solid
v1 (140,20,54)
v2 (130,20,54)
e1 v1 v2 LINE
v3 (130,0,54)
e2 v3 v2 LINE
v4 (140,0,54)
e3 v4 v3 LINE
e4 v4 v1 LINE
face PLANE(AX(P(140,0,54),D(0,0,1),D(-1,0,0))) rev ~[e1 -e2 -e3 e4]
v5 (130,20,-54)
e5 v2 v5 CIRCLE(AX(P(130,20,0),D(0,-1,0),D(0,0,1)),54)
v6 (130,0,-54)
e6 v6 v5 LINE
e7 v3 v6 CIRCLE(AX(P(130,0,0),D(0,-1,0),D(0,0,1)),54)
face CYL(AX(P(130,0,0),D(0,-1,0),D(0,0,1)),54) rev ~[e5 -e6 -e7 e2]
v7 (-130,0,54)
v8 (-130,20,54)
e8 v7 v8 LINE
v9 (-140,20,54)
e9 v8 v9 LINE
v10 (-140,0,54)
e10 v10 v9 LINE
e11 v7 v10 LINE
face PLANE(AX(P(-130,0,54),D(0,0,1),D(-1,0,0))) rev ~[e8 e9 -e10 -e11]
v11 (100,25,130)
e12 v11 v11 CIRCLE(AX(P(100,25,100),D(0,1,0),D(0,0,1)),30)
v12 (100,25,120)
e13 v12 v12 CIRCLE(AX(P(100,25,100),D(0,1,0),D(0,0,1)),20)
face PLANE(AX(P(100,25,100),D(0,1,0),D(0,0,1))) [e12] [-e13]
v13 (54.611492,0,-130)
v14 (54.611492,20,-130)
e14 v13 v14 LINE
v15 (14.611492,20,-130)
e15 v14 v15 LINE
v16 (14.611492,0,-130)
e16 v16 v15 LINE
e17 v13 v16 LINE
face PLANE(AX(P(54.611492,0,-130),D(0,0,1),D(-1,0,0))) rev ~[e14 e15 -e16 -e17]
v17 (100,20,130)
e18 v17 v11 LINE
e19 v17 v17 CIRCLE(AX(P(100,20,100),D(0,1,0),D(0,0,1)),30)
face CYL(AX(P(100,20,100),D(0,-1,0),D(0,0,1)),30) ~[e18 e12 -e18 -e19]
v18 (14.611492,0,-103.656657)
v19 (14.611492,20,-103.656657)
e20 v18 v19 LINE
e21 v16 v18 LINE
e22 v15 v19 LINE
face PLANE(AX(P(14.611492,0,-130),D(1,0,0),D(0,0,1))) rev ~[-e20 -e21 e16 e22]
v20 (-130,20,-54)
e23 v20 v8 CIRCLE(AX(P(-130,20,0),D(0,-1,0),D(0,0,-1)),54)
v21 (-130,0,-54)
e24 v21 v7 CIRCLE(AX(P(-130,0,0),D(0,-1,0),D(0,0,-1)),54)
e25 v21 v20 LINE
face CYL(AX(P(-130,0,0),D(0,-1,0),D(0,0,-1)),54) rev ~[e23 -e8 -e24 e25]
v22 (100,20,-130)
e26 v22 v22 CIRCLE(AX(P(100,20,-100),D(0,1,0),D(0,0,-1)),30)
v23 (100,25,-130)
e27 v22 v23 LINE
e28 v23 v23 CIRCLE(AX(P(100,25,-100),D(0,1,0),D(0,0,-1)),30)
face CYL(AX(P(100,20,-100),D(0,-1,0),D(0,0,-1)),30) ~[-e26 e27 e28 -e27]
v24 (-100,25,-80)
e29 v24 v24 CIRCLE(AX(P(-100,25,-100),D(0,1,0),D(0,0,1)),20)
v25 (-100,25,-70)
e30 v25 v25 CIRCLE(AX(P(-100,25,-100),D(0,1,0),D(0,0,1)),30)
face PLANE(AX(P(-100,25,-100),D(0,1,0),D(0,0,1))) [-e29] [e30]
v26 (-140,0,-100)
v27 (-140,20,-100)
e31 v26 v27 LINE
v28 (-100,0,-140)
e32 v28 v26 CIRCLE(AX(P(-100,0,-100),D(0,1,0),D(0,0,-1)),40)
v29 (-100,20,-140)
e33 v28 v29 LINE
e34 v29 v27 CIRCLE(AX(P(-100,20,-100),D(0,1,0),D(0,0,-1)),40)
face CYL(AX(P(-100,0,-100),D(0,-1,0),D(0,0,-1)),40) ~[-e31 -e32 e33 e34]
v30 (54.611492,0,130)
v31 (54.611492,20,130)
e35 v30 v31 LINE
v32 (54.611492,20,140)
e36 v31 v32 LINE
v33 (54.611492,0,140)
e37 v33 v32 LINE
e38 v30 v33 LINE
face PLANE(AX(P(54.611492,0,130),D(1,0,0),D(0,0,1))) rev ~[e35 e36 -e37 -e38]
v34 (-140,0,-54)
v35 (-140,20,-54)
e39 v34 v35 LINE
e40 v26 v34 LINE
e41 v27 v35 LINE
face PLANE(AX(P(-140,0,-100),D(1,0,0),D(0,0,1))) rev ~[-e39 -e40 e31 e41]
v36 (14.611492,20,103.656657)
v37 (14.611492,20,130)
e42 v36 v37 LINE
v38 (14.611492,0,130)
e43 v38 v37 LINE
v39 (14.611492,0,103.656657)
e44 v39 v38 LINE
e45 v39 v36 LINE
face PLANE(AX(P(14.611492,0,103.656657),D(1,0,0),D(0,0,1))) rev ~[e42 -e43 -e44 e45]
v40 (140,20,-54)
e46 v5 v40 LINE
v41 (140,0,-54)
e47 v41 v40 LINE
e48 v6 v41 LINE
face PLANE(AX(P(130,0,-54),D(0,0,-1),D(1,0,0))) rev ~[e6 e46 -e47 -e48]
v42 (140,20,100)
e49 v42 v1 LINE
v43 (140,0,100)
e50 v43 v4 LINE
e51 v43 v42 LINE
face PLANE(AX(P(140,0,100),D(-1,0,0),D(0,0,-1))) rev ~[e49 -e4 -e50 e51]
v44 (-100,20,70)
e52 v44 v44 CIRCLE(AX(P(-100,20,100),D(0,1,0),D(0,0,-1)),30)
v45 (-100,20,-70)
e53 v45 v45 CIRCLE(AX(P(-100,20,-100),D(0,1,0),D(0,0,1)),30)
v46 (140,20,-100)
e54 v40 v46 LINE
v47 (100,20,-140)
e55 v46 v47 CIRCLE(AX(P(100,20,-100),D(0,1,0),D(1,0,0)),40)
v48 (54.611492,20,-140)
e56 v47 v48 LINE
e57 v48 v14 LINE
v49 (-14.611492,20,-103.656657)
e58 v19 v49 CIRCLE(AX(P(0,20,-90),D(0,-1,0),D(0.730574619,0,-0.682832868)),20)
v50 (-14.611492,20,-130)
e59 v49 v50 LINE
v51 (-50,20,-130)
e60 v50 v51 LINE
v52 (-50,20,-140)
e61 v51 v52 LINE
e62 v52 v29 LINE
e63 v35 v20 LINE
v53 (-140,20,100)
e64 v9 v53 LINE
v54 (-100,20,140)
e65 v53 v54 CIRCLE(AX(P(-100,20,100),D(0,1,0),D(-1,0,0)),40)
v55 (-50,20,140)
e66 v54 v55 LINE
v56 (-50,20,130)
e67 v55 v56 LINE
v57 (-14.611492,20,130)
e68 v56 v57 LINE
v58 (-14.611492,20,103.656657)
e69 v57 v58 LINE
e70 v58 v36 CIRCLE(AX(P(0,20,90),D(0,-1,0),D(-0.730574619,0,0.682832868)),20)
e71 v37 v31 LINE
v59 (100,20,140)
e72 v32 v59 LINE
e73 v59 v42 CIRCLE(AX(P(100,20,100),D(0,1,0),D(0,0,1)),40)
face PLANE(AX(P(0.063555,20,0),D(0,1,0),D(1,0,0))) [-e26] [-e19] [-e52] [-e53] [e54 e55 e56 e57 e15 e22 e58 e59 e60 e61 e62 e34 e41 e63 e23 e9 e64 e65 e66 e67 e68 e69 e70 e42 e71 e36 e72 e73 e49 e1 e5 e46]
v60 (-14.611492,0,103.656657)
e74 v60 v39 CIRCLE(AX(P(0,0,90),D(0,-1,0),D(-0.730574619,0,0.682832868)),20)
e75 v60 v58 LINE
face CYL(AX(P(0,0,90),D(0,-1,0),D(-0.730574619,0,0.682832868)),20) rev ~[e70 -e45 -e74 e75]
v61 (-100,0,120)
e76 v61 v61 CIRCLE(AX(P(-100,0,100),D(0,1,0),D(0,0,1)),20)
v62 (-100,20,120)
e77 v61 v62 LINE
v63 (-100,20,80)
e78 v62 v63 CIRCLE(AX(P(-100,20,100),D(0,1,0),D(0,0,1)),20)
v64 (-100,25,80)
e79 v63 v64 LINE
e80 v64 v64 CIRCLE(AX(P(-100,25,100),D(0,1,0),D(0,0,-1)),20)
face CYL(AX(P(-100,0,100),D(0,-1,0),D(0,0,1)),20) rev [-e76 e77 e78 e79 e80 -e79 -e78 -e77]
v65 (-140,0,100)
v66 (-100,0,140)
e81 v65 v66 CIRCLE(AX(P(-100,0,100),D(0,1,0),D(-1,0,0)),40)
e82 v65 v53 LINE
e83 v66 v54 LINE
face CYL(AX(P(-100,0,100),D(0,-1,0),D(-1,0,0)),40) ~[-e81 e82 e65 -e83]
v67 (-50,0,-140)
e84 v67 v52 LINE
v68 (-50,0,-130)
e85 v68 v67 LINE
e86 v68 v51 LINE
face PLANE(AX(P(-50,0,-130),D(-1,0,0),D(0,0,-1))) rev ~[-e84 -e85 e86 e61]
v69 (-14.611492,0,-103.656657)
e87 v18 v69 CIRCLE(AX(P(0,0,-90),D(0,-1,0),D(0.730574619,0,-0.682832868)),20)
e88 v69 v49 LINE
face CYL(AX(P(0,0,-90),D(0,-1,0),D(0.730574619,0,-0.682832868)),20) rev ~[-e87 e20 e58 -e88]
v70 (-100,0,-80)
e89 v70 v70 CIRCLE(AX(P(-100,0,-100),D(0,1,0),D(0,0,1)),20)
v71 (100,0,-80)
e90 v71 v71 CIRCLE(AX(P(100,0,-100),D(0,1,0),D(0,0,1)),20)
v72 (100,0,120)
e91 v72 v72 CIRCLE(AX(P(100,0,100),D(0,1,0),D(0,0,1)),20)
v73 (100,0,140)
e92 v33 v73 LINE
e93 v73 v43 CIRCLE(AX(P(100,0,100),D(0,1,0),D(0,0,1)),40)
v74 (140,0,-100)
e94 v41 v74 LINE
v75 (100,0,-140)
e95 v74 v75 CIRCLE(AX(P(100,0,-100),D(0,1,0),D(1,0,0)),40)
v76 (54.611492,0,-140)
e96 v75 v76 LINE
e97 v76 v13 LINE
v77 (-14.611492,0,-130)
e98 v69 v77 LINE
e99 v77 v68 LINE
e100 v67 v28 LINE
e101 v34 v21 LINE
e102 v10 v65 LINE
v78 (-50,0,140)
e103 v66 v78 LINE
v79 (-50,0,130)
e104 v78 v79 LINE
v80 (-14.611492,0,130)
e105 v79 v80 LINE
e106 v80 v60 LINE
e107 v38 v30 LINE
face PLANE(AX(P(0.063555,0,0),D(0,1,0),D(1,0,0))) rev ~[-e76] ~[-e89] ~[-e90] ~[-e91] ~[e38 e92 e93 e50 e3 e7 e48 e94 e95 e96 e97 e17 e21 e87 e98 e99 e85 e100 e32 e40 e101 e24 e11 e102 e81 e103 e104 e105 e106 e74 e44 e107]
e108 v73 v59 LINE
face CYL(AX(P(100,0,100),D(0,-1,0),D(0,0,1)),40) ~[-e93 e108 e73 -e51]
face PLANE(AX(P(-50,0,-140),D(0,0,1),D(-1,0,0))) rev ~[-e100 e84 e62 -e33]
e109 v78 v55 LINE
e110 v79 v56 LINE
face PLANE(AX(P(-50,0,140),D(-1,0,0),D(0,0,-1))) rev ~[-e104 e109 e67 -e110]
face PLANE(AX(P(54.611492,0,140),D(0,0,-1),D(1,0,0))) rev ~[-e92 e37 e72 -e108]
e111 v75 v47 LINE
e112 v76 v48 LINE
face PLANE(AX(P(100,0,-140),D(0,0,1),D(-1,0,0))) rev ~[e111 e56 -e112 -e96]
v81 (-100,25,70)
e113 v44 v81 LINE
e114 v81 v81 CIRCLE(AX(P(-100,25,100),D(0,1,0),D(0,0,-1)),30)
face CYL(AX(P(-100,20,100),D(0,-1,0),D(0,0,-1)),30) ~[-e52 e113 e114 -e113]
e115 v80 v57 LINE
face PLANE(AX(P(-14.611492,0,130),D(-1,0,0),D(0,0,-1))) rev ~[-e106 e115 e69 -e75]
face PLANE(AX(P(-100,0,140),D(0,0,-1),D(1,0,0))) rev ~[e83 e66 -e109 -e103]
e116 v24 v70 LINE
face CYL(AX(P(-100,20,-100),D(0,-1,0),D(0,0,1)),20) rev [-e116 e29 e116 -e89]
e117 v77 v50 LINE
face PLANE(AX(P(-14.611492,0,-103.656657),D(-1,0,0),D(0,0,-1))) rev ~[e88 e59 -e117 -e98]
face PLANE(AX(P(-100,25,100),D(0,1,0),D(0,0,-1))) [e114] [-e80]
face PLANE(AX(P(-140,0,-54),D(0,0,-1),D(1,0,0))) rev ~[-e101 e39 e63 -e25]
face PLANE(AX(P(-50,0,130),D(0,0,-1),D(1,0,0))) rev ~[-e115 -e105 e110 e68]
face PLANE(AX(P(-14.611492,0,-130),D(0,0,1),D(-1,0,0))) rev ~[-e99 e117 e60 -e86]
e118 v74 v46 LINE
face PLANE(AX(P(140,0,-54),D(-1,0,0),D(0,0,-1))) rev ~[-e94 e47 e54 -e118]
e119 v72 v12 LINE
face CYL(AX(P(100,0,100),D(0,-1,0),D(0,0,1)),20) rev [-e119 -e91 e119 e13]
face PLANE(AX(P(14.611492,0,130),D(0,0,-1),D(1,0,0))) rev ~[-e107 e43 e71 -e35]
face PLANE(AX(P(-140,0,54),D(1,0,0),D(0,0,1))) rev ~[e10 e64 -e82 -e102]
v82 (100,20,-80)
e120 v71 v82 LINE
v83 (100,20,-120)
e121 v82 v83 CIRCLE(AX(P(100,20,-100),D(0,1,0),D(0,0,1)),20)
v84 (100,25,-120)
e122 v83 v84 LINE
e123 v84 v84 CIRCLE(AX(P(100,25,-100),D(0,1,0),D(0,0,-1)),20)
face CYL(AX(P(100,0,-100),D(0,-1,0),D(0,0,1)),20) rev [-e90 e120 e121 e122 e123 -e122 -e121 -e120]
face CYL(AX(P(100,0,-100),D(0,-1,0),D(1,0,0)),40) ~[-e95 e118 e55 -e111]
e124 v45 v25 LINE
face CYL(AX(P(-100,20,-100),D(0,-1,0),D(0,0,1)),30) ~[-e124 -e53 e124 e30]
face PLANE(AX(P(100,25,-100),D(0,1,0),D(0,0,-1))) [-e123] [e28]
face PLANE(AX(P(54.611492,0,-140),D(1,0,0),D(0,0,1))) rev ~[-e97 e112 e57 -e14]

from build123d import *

# Parameters (mm, degrees)
SKETCH2_R           = 20
BOSS_EXTRUDE1_DEPTH = 20
SKETCH3_R           = 30
SKETCH3_R_2         = 20
BOSS_EXTRUDE2_DEPTH = 5


with BuildPart() as part:
    # Sketch2 → Boss-Extrude1 (new body)
    with BuildSketch(Plane(origin=(0, 0, 0), x_dir=(1, 0, 0), z_dir=(0, 1, 0))):
        with BuildLine():
            Line((-14.611492378, -130), (-14.611492378, -103.656657369))
            ThreePointArc((-14.611492378, -103.656657369), (0, -70), (14.611492378, -103.656657369))
            Line((14.611492378, -103.656657369), (14.611492378, -130))
            Line((14.611492378, -130), (54.611492378, -130))
            Line((54.611492378, -130), (54.611492378, -140))
            Line((54.611492378, -140), (100, -140))
            ThreePointArc((100, -140), (128.284271247, -128.284271247), (140, -100))
            Line((140, -100), (140, -54))
            Line((140, -54), (130, -54))
            ThreePointArc((130, -54), (76, 0), (130, 54))
            Line((130, 54), (140, 54))
            Line((140, 54), (140, 100))
            ThreePointArc((140, 100), (128.284271247, 128.284271247), (100, 140))
            Line((100, 140), (54.611492378, 140))
            Line((54.611492378, 140), (54.611492378, 130))
            Line((54.611492378, 130), (14.611492378, 130))
            Line((14.611492378, 130), (14.611492378, 103.656657369))
            ThreePointArc((14.611492378, 103.656657369), (0, 70), (-14.611492378, 103.656657369))
            Line((-14.611492378, 103.656657369), (-14.611492378, 130))
            Line((-14.611492378, 130), (-50, 130))
            Line((-50, 130), (-50, 140))
            Line((-50, 140), (-100, 140))
            ThreePointArc((-100, 140), (-128.284271247, 128.284271247), (-140, 100))
            Line((-140, 100), (-140, 54))
            Line((-140, 54), (-130, 54))
            ThreePointArc((-130, 54), (-76, 0), (-130, -54))
            Line((-130, -54), (-140, -54))
            Line((-140, -54), (-140, -100))
            ThreePointArc((-140, -100), (-128.284271247, -128.284271247), (-100, -140))
            Line((-100, -140), (-50, -140))
            Line((-50, -140), (-50, -130))
            Line((-50, -130), (-14.611492378, -130))
        make_face()
        with Locations(Location((-100, -100, 0), (0, 0, 270))):
            Circle(SKETCH2_R, mode=Mode.SUBTRACT)
        with Locations(Location((-100, 100, 0), (0, 0, 270))):
            Circle(SKETCH2_R, mode=Mode.SUBTRACT)
        with Locations(Location((100, 100, 0), (0, 0, 270))):
            Circle(SKETCH2_R, mode=Mode.SUBTRACT)
        with Locations(Location((100, -100, 0), (0, 0, 270))):
            Circle(SKETCH2_R, mode=Mode.SUBTRACT)
    extrude(amount=BOSS_EXTRUDE1_DEPTH)

    # Sketch3 → Boss-Extrude2 (add)
    # profile 1 of 4: a face of its own
    with BuildSketch(Plane(origin=(0, 20, 0), x_dir=(1, 0, 0), z_dir=(0, 1, 0))):
        with Locations(Location((-100, 100, 0), (0, 0, 270))):
            Circle(SKETCH3_R)
        with Locations(Location((-100, 100, 0), (0, 0, 270))):
            Circle(SKETCH3_R_2, mode=Mode.SUBTRACT)
    # profile 2 of 4: a face of its own
    with BuildSketch(Plane(origin=(0, 20, 0), x_dir=(1, 0, 0), z_dir=(0, 1, 0))):
        with Locations(Location((100, 100, 0), (0, 0, 90))):
            Circle(SKETCH3_R)
        with Locations(Location((100, 100, 0), (0, 0, 90))):
            Circle(SKETCH3_R_2, mode=Mode.SUBTRACT)
    # profile 3 of 4: a face of its own
    with BuildSketch(Plane(origin=(0, 20, 0), x_dir=(1, 0, 0), z_dir=(0, 1, 0))):
        with Locations(Location((100, -100, 0), (0, 0, 270))):
            Circle(SKETCH3_R)
        with Locations(Location((100, -100, 0), (0, 0, 270))):
            Circle(SKETCH3_R_2, mode=Mode.SUBTRACT)
    # profile 4 of 4: a face of its own
    with BuildSketch(Plane(origin=(0, 20, 0), x_dir=(1, 0, 0), z_dir=(0, 1, 0))):
        with Locations(Location((-100, -100, 0), (0, 0, 90))):
            Circle(SKETCH3_R)
        with Locations(Location((-100, -100, 0), (0, 0, 90))):
            Circle(SKETCH3_R_2, mode=Mode.SUBTRACT)
    extrude(amount=BOSS_EXTRUDE2_DEPTH)


solid = part.part
